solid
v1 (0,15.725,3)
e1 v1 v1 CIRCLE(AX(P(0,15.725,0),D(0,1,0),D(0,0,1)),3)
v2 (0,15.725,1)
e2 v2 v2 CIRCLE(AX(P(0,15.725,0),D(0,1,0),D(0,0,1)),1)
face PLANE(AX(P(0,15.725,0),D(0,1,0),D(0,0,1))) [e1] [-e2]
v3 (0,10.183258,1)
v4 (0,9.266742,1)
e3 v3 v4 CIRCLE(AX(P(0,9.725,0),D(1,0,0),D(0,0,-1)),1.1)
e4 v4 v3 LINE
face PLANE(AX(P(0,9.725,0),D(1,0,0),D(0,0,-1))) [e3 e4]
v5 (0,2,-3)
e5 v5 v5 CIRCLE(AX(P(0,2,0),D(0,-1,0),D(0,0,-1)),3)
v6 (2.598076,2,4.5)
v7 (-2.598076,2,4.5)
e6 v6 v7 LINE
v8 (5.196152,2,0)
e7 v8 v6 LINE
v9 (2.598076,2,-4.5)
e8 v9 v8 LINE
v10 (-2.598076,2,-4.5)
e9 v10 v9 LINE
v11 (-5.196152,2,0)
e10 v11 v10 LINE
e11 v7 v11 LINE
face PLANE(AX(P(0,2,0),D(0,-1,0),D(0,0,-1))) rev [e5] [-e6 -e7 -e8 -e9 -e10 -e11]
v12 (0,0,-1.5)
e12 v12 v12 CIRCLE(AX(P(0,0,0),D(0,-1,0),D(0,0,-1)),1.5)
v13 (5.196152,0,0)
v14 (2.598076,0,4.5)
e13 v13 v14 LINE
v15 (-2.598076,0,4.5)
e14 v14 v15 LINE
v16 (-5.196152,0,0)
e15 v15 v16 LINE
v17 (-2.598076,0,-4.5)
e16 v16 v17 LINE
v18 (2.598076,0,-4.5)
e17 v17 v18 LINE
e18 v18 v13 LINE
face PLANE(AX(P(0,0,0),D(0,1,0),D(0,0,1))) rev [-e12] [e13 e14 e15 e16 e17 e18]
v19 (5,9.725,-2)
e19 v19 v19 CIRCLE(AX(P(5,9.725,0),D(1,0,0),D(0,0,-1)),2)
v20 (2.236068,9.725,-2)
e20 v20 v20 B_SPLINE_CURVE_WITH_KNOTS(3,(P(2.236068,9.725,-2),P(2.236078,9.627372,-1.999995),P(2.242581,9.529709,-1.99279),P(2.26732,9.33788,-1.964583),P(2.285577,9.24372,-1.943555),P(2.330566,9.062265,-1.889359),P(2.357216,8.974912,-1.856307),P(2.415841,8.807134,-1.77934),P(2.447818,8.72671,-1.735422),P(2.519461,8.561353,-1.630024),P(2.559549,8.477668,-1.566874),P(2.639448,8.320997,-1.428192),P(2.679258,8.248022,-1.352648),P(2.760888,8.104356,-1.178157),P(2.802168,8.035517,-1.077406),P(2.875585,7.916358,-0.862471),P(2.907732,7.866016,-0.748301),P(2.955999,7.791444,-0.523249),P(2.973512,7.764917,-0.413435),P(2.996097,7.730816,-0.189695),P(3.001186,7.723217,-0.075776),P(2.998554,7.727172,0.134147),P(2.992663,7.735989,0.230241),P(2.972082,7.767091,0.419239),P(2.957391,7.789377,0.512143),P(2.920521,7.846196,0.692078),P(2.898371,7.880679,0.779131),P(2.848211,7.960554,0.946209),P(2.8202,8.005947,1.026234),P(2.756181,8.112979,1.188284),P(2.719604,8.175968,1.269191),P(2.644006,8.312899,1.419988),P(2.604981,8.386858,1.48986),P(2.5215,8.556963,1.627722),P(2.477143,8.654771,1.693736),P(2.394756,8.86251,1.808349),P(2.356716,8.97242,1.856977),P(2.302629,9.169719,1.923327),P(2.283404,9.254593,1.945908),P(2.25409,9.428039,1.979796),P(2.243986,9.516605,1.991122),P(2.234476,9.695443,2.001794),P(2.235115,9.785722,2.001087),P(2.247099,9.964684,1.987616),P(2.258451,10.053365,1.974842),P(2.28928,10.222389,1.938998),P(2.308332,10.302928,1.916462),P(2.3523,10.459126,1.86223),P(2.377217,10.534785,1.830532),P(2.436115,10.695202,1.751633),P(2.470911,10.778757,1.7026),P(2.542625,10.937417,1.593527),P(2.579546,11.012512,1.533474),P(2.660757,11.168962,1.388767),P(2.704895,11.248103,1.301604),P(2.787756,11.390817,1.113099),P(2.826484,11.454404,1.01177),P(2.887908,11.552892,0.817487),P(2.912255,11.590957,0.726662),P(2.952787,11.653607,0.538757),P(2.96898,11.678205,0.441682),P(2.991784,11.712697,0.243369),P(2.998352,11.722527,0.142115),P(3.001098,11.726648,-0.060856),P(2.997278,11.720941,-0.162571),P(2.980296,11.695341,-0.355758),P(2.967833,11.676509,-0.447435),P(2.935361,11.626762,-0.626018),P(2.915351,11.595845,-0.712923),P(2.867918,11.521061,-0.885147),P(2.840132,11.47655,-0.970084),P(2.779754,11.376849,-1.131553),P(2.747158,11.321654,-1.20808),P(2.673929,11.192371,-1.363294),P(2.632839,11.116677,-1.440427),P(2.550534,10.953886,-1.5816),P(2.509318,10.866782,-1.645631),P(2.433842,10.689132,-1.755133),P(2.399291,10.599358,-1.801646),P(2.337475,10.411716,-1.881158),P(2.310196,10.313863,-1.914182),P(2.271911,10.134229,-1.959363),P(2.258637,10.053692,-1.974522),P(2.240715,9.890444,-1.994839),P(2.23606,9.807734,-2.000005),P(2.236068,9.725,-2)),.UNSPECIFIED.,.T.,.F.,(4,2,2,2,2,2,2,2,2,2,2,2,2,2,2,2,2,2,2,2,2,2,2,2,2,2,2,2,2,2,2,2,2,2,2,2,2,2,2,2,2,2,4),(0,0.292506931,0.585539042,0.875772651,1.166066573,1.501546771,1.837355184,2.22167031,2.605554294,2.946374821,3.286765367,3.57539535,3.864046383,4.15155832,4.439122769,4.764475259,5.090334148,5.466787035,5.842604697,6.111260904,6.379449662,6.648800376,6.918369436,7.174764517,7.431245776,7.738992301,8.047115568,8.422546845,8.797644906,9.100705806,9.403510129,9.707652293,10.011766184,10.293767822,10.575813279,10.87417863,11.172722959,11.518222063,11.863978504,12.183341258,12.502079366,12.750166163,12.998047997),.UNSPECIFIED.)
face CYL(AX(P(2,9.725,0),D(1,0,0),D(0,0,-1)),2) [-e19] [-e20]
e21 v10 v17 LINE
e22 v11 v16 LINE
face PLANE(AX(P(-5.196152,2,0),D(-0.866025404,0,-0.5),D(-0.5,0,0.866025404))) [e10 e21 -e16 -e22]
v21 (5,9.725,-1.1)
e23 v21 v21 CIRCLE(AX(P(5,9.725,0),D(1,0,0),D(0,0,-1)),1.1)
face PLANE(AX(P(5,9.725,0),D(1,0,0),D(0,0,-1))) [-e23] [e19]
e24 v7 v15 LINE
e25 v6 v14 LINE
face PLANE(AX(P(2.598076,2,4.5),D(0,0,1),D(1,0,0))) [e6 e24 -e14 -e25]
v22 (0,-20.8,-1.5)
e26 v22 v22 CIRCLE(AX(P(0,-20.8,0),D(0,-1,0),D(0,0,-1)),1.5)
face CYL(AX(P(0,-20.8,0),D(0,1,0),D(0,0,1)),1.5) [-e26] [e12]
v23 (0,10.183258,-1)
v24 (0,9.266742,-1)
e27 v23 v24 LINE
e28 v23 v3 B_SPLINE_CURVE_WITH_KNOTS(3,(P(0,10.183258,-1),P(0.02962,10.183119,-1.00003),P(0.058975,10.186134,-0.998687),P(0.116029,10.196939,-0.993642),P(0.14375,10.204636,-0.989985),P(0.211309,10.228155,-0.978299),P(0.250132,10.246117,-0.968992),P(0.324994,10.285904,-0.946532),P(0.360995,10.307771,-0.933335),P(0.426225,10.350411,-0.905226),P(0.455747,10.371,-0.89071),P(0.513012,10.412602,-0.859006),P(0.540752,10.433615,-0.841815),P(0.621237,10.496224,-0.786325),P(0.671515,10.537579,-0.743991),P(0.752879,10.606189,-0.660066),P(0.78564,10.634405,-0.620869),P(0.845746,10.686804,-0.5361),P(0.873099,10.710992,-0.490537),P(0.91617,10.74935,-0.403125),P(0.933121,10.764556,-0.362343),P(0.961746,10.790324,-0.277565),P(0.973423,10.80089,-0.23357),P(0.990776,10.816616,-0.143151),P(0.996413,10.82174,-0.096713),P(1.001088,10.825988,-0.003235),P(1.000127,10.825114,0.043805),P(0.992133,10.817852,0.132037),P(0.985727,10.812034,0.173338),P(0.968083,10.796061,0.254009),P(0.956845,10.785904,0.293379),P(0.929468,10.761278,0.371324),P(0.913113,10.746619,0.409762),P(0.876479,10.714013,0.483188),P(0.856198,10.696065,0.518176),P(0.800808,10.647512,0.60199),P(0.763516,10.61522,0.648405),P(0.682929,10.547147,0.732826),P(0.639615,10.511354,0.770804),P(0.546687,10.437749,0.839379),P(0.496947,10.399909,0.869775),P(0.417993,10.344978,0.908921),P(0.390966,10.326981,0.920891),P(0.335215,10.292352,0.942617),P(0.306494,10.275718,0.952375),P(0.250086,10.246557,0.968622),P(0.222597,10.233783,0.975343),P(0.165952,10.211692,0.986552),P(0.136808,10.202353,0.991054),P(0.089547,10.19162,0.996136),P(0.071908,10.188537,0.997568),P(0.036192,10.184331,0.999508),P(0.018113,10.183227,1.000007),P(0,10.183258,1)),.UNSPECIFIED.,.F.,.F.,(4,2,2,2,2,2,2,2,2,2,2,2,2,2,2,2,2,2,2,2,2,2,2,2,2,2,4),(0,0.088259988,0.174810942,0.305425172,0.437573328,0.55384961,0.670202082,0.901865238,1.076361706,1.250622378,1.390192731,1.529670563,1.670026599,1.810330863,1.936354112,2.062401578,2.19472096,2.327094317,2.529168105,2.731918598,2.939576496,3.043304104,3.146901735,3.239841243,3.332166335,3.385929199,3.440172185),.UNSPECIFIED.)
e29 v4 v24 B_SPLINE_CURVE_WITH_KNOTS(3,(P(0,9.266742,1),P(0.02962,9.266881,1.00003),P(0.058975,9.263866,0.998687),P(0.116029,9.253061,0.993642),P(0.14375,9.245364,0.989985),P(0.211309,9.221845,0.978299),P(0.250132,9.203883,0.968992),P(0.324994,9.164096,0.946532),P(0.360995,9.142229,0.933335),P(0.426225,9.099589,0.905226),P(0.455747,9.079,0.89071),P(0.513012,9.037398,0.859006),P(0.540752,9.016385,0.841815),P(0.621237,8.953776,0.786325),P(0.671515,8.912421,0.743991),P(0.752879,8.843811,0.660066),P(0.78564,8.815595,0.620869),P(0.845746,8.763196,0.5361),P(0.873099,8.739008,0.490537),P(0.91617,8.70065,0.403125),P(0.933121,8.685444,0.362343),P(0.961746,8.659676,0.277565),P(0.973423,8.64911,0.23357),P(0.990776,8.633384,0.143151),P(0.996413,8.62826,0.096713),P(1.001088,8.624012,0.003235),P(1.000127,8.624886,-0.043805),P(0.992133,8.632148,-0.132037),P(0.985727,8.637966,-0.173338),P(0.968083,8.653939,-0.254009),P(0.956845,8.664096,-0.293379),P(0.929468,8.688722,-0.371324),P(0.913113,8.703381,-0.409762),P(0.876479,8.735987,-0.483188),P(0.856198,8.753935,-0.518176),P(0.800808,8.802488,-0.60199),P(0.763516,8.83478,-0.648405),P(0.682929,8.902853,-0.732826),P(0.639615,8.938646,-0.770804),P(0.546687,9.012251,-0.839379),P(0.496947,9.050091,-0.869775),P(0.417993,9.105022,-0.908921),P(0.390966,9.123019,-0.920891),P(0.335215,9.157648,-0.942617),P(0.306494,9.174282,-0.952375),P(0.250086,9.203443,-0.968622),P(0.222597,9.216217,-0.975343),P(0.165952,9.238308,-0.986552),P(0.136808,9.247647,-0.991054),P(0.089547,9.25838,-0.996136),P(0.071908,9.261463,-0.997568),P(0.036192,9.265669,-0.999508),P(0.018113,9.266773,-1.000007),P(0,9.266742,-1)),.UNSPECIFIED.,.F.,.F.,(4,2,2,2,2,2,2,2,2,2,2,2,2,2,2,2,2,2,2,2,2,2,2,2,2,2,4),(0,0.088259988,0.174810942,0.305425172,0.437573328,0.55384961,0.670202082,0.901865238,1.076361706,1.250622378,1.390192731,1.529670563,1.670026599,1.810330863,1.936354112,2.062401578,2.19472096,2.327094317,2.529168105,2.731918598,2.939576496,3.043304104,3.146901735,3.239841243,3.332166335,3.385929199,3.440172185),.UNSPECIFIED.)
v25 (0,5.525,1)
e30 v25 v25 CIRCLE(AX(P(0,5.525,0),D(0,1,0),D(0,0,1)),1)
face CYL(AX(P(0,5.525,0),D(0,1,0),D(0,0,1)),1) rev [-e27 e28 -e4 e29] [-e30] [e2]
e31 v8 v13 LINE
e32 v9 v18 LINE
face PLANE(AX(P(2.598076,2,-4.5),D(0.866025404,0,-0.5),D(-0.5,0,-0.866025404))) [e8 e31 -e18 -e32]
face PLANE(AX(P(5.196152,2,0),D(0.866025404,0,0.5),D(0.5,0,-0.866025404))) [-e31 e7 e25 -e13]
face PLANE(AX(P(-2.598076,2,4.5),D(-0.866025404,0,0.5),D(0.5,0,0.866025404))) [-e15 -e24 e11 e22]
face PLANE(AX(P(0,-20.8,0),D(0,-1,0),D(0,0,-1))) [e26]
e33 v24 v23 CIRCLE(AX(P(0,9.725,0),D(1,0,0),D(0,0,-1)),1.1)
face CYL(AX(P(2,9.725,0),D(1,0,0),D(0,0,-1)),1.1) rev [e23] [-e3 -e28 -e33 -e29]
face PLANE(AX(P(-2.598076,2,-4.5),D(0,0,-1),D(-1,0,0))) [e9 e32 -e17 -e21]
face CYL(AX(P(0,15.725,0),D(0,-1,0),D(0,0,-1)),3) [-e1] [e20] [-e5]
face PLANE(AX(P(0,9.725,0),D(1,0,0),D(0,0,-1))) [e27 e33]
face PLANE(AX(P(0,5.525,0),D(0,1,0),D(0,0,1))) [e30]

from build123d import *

# Parameters (mm, degrees)
SKETCH1_R                = 3
BOSS_EXTRUDE1_DEPTH      = 15.725
SKETCH2_R                = 1
CUT_EXTRUDE3_DEPTH       = 10.2
BOSS_EXTRUDE2_DEPTH      = 2
SKETCH4_R                = 1.5
BOSS_EXTRUDE3_DEPTH      = 20.8
BOSS_EXTRUDE4_DEPTH      = 2
BOSS_EXTRUDE4_DEPTH_BACK = 1
SKETCH6_R                = 2
SKETCH6_R_2              = 1.1
SKETCH7_R                = 1.1
CUT_EXTRUDE4_DEPTH       = 3


with BuildPart() as part:
    # Sketch1 → Boss-Extrude1 (new body)
    with BuildSketch(Plane(origin=(0, 0, 0), x_dir=(1, 0, 0), z_dir=(0, 1, 0))):
        with Locations(Location((0, 0, 0), (0, 0, 270))):
            Circle(SKETCH1_R)
    extrude(amount=BOSS_EXTRUDE1_DEPTH)

    # Sketch2 → Cut-Extrude3 (cut)
    with BuildSketch(Plane(origin=(0, 15.725, 0), x_dir=(1, 0, 0), z_dir=(0, 1, 0))):
        with Locations(Location((0, 0, 0), (0, 0, 270))):
            Circle(SKETCH2_R)
    extrude(amount=-CUT_EXTRUDE3_DEPTH, mode=Mode.SUBTRACT)

    # Sketch3 → Boss-Extrude2 (add)
    with BuildSketch(Plane(origin=(0, 0, 0), x_dir=(-1, 0, 0), z_dir=(0, -1, 0))):
        Polygon((5.196152423, 0), (2.598076211, 4.5), (-2.598076211, 4.5), (-5.196152423, 0), (-2.598076211, -4.5), (2.598076211, -4.5), align=None)
    extrude(amount=-BOSS_EXTRUDE2_DEPTH)

    # Sketch4 → Boss-Extrude3 (add)
    with BuildSketch(Plane(origin=(0, 0, 0), x_dir=(-1, 0, 0), z_dir=(0, -1, 0))):
        with Locations(Location((0, 0, 0), (0, 0, 90))):
            Circle(SKETCH4_R)
    extrude(amount=BOSS_EXTRUDE3_DEPTH)

    # Sketch6 → Boss-Extrude4 (add, two sides: drawn at the far end of the back side and taken through both)
    with BuildSketch(Plane(origin=(3, 0, 0), x_dir=(0, 0, -1), z_dir=(1, 0, 0)).offset(-BOSS_EXTRUDE4_DEPTH_BACK)):
        with Locations((0, 9.725)):
            Circle(SKETCH6_R)
        with Locations((0, 9.725)):
            Circle(SKETCH6_R_2, mode=Mode.SUBTRACT)
    extrude(amount=BOSS_EXTRUDE4_DEPTH + BOSS_EXTRUDE4_DEPTH_BACK)

    # Sketch7 → Cut-Extrude4 (cut)
    with BuildSketch(Plane(origin=(3, 0, 0), x_dir=(0, 0, -1), z_dir=(1, 0, 0))):
        with Locations((0, 9.725)):
            Circle(SKETCH7_R)
    extrude(amount=-CUT_EXTRUDE4_DEPTH, mode=Mode.SUBTRACT)


solid = part.part
